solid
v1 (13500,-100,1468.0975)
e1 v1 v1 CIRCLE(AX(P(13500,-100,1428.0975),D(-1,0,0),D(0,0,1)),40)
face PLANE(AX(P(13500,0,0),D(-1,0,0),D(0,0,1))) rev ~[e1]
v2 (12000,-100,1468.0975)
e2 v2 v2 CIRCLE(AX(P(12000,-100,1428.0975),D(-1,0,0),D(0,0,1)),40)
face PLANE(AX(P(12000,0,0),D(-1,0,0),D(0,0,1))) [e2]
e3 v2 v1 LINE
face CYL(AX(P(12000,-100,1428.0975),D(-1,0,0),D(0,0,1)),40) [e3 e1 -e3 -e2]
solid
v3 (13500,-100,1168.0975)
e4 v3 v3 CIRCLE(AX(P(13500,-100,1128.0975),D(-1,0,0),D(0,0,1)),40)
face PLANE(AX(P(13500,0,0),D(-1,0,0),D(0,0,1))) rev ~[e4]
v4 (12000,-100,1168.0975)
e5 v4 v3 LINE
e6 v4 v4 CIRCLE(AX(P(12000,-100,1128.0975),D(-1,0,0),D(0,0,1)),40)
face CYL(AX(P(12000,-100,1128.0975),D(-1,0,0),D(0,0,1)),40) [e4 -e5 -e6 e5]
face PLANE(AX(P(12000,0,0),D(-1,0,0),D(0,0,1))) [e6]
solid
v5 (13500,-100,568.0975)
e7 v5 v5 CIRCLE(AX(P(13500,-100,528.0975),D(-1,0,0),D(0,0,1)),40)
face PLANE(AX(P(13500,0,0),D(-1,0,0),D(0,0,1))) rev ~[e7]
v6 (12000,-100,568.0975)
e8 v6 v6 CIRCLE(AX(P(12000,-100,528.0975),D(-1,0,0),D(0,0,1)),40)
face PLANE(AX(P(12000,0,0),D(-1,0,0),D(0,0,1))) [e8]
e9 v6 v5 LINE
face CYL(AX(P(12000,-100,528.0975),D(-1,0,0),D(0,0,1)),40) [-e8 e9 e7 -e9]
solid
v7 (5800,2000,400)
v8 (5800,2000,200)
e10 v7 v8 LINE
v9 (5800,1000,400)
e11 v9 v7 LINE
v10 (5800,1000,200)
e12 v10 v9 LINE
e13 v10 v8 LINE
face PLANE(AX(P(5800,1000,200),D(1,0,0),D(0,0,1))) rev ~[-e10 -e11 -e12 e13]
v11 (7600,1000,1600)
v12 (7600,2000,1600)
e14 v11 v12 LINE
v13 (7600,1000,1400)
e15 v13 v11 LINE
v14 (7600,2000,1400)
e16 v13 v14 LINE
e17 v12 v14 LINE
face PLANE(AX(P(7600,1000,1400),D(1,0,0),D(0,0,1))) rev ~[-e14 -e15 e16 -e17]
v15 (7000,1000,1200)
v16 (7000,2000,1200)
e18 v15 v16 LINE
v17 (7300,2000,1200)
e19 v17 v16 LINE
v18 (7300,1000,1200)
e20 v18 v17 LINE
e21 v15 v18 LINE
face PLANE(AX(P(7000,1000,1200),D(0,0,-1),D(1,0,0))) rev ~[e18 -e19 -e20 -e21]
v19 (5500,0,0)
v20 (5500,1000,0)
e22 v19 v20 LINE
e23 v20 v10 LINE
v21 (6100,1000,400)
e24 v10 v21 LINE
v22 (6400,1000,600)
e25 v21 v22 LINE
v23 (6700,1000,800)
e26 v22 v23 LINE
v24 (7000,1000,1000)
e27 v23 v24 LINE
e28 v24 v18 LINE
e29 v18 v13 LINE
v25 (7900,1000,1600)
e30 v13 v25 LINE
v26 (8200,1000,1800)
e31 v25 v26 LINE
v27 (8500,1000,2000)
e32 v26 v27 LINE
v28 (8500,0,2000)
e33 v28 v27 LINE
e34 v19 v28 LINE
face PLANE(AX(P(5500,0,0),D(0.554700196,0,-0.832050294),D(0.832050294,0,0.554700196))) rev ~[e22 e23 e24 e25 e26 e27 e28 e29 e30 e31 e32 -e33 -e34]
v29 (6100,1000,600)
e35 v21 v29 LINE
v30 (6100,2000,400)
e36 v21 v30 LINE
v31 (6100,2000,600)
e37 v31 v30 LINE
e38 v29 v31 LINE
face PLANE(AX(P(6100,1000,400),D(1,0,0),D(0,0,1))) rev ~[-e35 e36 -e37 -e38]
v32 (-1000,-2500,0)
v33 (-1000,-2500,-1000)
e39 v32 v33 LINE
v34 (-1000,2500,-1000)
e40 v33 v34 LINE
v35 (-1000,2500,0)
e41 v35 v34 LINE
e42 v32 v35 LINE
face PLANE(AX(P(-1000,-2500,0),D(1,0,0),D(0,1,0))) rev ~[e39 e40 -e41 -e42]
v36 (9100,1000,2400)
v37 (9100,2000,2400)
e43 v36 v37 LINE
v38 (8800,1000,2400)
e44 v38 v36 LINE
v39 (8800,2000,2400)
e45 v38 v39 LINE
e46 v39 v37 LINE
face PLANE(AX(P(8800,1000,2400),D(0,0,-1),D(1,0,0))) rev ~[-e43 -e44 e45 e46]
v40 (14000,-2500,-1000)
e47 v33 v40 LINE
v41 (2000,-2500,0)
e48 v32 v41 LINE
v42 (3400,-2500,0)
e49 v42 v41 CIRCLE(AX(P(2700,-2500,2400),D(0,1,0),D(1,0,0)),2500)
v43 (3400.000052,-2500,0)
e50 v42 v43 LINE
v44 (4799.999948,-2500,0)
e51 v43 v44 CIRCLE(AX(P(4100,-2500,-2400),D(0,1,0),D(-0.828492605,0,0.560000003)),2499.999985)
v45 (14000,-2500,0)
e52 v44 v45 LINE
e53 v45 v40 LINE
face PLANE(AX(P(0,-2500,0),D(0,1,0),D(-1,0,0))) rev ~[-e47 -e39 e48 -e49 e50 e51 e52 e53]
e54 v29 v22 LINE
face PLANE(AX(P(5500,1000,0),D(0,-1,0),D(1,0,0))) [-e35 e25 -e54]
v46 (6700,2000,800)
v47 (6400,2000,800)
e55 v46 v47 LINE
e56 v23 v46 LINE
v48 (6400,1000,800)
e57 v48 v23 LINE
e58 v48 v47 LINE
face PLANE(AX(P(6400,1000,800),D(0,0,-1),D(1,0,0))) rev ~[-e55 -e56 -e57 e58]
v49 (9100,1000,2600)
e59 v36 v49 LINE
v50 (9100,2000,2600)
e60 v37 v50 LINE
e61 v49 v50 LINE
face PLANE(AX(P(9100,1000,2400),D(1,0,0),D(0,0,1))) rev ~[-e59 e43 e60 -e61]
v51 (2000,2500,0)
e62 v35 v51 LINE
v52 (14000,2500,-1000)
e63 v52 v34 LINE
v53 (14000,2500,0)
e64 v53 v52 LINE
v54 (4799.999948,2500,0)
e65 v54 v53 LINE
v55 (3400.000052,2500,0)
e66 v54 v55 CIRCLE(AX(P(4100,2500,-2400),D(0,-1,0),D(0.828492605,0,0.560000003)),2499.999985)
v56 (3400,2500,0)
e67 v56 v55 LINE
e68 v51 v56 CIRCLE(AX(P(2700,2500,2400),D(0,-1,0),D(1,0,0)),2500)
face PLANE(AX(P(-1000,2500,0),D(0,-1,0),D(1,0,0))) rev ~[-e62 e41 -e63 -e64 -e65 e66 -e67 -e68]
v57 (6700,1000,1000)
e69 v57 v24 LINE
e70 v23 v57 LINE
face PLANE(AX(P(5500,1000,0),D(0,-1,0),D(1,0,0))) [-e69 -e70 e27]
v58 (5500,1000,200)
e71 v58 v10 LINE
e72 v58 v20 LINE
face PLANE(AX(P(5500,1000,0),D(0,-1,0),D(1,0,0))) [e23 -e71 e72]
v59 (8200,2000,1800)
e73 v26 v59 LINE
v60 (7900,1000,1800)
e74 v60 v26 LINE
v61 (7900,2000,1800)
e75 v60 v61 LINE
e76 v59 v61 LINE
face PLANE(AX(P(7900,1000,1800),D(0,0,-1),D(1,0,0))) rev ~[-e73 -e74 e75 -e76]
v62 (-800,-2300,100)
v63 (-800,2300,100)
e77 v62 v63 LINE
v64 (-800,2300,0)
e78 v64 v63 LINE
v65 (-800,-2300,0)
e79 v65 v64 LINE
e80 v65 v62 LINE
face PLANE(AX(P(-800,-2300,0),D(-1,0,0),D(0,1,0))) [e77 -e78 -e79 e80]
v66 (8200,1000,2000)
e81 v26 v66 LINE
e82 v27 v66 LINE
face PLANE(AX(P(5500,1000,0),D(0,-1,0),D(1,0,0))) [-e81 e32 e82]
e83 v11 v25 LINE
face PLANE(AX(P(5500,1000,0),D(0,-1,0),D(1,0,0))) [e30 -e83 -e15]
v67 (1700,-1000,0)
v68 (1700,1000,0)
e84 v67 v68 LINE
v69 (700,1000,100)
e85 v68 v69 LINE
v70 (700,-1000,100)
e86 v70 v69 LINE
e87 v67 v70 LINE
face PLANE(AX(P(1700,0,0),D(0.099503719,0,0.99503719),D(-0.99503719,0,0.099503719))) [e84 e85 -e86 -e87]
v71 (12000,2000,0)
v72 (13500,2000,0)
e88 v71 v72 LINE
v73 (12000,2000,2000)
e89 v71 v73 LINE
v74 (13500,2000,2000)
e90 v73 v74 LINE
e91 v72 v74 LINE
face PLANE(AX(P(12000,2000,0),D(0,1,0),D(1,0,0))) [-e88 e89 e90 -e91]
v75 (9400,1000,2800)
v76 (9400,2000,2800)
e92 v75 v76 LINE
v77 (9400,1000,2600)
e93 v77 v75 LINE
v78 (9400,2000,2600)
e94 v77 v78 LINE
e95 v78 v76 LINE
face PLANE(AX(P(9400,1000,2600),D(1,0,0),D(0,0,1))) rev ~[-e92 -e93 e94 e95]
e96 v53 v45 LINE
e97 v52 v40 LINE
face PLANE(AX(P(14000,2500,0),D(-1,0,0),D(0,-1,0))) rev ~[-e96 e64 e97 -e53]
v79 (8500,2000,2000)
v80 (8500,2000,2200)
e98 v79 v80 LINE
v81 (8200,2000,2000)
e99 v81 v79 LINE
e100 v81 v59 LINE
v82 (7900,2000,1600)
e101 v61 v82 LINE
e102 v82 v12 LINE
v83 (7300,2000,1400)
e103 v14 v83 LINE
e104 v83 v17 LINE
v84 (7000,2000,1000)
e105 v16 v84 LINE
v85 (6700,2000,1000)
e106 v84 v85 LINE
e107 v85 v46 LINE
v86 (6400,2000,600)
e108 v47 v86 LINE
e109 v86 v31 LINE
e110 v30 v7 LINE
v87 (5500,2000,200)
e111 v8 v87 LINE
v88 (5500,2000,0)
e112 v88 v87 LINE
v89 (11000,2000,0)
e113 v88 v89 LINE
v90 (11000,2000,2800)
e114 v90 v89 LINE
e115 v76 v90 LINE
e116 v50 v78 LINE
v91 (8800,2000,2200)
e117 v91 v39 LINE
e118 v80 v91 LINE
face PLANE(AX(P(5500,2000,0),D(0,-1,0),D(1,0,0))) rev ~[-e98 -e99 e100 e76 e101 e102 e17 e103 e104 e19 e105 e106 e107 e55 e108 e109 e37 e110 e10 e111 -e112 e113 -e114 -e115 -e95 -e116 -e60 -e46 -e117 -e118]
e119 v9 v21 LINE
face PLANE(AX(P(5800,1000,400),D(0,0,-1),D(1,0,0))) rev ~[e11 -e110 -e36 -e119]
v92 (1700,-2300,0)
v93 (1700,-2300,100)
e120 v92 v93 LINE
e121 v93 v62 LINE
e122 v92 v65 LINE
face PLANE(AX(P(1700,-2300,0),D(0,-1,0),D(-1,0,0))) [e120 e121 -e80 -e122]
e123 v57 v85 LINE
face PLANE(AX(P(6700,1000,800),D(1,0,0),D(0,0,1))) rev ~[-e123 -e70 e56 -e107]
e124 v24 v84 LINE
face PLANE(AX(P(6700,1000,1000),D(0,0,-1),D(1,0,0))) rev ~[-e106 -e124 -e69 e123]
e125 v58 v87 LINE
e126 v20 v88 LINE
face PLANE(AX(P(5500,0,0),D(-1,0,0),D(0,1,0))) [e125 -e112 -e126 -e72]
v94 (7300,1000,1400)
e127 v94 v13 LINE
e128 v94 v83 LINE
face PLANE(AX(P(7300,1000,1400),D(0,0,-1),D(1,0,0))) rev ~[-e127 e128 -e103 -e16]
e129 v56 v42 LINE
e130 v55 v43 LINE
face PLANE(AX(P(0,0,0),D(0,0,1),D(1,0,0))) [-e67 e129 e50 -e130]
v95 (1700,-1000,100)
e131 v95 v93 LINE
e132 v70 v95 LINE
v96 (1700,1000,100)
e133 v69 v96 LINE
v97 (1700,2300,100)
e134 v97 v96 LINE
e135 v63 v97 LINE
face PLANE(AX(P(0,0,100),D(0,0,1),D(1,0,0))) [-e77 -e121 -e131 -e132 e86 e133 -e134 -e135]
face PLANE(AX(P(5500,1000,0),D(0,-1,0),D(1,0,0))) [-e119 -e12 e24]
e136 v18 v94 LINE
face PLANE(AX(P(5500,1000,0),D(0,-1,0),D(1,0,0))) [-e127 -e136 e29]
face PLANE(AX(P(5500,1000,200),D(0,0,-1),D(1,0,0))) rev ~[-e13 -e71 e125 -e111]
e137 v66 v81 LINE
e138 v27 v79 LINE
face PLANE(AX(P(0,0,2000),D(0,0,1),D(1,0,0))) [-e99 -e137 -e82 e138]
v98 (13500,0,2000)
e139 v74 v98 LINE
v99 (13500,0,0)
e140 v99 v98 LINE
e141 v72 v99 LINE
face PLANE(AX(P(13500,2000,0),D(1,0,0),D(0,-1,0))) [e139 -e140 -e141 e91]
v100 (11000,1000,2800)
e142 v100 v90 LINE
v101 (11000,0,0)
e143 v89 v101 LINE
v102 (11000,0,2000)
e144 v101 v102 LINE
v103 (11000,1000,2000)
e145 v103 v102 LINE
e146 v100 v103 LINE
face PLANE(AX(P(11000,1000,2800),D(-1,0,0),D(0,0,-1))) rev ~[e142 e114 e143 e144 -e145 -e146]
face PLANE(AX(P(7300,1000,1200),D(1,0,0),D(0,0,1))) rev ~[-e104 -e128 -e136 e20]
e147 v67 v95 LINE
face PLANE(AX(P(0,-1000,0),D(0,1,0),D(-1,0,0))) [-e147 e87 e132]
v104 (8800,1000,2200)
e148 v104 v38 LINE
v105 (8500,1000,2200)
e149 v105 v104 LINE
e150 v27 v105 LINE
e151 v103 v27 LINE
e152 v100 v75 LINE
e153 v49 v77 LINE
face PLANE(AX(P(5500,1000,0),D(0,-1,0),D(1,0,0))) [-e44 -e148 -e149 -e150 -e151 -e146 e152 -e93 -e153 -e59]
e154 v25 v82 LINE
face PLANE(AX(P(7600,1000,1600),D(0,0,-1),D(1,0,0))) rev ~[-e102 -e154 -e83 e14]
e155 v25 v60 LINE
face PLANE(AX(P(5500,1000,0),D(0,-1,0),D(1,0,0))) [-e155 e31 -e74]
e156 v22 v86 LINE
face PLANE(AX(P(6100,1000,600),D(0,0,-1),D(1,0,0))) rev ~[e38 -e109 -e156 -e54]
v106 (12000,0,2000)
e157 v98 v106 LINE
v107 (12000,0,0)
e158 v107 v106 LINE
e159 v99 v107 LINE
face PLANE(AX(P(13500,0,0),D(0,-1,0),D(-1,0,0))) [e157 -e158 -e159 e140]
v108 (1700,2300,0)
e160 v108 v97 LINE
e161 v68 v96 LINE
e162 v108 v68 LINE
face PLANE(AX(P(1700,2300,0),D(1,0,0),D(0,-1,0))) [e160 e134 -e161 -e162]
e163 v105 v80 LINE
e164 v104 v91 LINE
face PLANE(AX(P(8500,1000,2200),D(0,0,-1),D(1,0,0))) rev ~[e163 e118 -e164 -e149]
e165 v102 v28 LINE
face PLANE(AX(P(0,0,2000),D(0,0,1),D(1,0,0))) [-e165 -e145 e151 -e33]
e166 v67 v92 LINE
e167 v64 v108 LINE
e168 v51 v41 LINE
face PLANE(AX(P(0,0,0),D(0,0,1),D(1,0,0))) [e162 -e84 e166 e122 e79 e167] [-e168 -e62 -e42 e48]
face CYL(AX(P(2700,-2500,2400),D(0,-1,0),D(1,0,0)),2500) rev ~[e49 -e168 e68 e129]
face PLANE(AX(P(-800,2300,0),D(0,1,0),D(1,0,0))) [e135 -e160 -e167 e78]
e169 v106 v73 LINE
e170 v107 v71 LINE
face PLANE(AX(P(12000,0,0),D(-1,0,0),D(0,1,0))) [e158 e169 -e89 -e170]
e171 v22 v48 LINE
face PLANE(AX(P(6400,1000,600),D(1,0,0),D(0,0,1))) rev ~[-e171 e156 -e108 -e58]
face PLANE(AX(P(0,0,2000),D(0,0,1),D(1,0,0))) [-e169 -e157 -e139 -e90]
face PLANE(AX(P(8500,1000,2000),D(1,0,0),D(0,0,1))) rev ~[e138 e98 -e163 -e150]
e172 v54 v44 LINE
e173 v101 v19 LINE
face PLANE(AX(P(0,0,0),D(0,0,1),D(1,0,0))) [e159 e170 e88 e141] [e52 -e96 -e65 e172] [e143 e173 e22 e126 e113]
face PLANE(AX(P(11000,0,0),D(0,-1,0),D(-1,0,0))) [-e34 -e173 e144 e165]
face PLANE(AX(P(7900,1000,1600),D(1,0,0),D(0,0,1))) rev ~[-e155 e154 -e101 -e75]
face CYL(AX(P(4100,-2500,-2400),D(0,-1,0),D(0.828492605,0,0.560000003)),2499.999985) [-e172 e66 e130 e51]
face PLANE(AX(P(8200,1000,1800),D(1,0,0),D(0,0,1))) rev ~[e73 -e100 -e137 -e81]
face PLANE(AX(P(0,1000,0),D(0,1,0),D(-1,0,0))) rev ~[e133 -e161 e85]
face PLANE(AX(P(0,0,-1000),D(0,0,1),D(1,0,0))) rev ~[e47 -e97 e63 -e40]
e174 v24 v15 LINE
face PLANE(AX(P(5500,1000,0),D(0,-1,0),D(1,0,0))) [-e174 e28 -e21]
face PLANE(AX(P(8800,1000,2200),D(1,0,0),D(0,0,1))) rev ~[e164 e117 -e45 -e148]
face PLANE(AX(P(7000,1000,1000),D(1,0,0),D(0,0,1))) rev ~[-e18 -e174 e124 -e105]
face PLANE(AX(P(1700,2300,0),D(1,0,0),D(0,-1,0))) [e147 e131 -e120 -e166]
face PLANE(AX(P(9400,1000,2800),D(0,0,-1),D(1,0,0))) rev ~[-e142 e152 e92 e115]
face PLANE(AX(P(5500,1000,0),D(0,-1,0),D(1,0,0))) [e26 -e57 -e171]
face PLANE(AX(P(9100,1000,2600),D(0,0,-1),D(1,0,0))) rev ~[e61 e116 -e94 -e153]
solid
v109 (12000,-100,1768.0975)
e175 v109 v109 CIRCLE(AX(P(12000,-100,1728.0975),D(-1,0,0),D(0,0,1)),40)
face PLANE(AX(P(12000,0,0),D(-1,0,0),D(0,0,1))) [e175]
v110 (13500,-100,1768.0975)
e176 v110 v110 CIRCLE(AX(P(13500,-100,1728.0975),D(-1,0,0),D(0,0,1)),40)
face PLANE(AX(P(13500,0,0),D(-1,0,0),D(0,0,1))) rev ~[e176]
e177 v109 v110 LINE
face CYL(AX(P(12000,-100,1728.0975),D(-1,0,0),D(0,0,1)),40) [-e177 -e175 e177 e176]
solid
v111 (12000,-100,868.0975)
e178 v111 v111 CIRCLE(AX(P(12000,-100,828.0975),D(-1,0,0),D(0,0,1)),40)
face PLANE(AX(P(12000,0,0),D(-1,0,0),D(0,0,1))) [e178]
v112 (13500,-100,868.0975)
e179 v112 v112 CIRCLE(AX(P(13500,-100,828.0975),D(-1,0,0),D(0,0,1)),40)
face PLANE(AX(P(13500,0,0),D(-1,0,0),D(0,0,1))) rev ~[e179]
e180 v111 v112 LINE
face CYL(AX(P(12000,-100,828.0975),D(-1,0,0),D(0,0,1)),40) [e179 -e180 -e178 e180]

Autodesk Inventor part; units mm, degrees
ref_plane "YZ Plane" through (0, 0, 0) normal (1, 0, 0) x (0, 1, 0)
ref_plane "XZ Plane" through (0, 0, 0) normal (0, 1, 0) x (-1, 0, 0)
ref_plane "XY Plane" through (0, 0, 0) normal (0, 0, 1) x (1, 0, 0)
sketch "スケッチ1" plane through (0, 0, 0) normal (0, 0, 1) x (1, 0, 0)
  line L0 (-1000, 2500) -> (14000, 2500)
  line L1 (14000, 2500) -> (14000, -2500)
  line L2 (14000, -2500) -> (-1000, -2500)
  line L3 (-1000, -2500) -> (-1000, 2500)
  line L4 (0, 3500) -> (0, -3500) projected
  point P0 (0, 0)
  point P1 (-1000, 0)
  dimension "d0" = 5000
  dimension "d1" = 1000
  dimension "d2" = 15000
extrude "押し出し1" add sketch "スケッチ1" against normal blind 1000
sketch "スケッチ2" plane through (0, 0, 0) normal (0, 0, 1) x (1, 0, 0)
  line L0 (12000, 2000) -> (13500, 2000)
  line L1 (13500, 2000) -> (13500, 0)
  line L2 (13500, 0) -> (12000, 0)
  line L3 (12000, 0) -> (12000, 2000)
  line L4 (14000, 2500) -> (-1000, 2500) projected
  line L5 (14000, -2500) -> (14000, 2500) projected
  point P0 (0, 0)
  dimension "d31" = 1500
  dimension "d32" = 2000
  dimension "d72" = 500
  dimension "d73" = 500
extrude "押し出し2" add sketch "スケッチ2" along normal blind 2000
sketch "スケッチ3" plane through (0, 0, 0) normal (0, 0, 1) x (1, 0, 0)
  line L0 (5500, 2000) -> (11000, 2000)
  line L1 (11000, 2000) -> (11000, 0)
  line L2 (11000, 0) -> (5500, 0)
  line L3 (5500, 0) -> (5500, 2000)
  line L4 (12000, 2000) -> (12000, 0) projected
  point P0 (0, 0)
  dimension "d28" = 1000
  dimension "d35" = 2000
  dimension "d71" = 5500
extrude "押し出し3" add sketch "スケッチ3" along normal blind 2000
sketch "スケッチ4" plane through (5500, 0, 0) normal (0, -1, 0) x (1, 0, 0)
  line L0 (0, 0) -> (3000, 2000)
  line L1 (3000, 2000) -> (0, 2000)
  line L2 (0, 2000) -> (0, 0)
  line L3 (0, 0) -> (0, 2000) projected
  line L4 (-6500, 0) -> (8500, 0) projected
  point P0 (-5500, 0)
  dimension "d23" = 3000
extrude "押し出し4" cut sketch "スケッチ4" against normal blind 1000
sketch "スケッチ5" plane through (12000, 0, 0) normal (-1, 0, 0) x (0, 0, 1)
  circle A0 centre (1728.0975, -100) radius 40
  circle A1 centre (1428.0975, -100) radius 40
  circle A2 centre (1128.0975, -100) radius 40
  circle A3 centre (828.0975, -100) radius 40
  circle A4 centre (528.0975, -100) radius 40
  line L0 (0, 0) -> (2000, 0) projected
  line L1 (0, 2500) -> (0, -2500) projected
  point P0 (0, 0)
  dimension "d11" = 80
  dimension "d12" = 80
  dimension "d13" = 80
  dimension "d14" = 80
  dimension "d15" = 80
  dimension "d16" = 300
  dimension "d17" = 300
  dimension "d18" = 300
  dimension "d19" = 300
  dimension "d20" = 100
  dimension "d82" = 528.0975
extrude "押し出し5" add sketch "スケッチ5" against normal blind 1500
sketch "スケッチ6" plane through (5500, 1000, 0) normal (0, -1, 0) x (1, 0, 0)
  line L0 (0, 0) -> (0, 2000) projected
  line L1 (0, 200) -> (300, 200)
  line L2 (300, 200) -> (300, 400)
  line L3 (300, 400) -> (600, 400)
  line L4 (600, 400) -> (600, 600)
  line L5 (600, 600) -> (900, 600)
  line L6 (900, 600) -> (900, 800)
  line L7 (900, 800) -> (1200, 800)
  line L8 (1200, 800) -> (1200, 1000)
  line L9 (1200, 1000) -> (1500, 1000)
  line L10 (1500, 1000) -> (1500, 1200)
  line L11 (1500, 1200) -> (1800, 1200)
  line L12 (1800, 1200) -> (1800, 1400)
  line L13 (1800, 1400) -> (2100, 1400)
  line L14 (2100, 1400) -> (2100, 1600)
  line L15 (2100, 1600) -> (2400, 1600)
  line L16 (2400, 1600) -> (2400, 1800)
  line L17 (2400, 1800) -> (2700, 1800)
  line L18 (2700, 1800) -> (2700, 2000)
  line L19 (2700, 2000) -> (0, 2000)
  line L20 (0, 2000) -> (0, 200)
  line L21 (-6500, 0) -> (8500, 0) projected
  point P0 (-5500, 0)
  dimension "d46" = 200
  dimension "d47" = 300
  dimension "d48" = 200
  dimension "d49" = 300
  dimension "d50" = 200
  dimension "d51" = 300
  dimension "d52" = 200
  dimension "d53" = 300
  dimension "d54" = 200
  dimension "d55" = 300
  dimension "d56" = 200
  dimension "d57" = 300
  dimension "d58" = 200
  dimension "d59" = 300
  dimension "d60" = 200
  dimension "d61" = 300
  dimension "d62" = 200
  dimension "d63" = 300
extrude "押し出し6" cut sketch "スケッチ6" against normal blind 1500
sketch "スケッチ7" plane through (0, 0, 0) normal (0, 0, 1) x (1, 0, 0)
  line L0 (-800, 2300) -> (1700, 2300)
  line L1 (1700, 2300) -> (1700, -2300)
  line L2 (1700, -2300) -> (-800, -2300)
  line L3 (-800, -2300) -> (-800, 2300)
  line L4 (-1000, 2500) -> (-1000, -2500) projected
  line L5 (14000, 2500) -> (-1000, 2500) projected
  line L6 (-1000, -2500) -> (14000, -2500) projected
  point P0 (0, 0)
  dimension "d74" = 200
  dimension "d75" = 200
  dimension "d76" = 200
  dimension "d77" = 2500
extrude "押し出し7" add sketch "スケッチ7" along normal blind 100
sketch "スケッチ8" plane through (5500, 1000, 0) normal (0, -1, 0) x (1, 0, 0)
  line L0 (3000, 2000) -> (3000, 2200)
  line L1 (3000, 2200) -> (3300, 2200)
  line L2 (3300, 2200) -> (3300, 2400)
  line L3 (3300, 2400) -> (3600, 2400)
  line L4 (3600, 2400) -> (3600, 2600)
  line L5 (3600, 2600) -> (3900, 2600)
  line L6 (3900, 2600) -> (3900, 2800)
  line L7 (3900, 2800) -> (4177.5018, 2800)
  line L8 (4177.5018, 2800) -> (5500, 2800)
  line L9 (5500, 2000) -> (2700, 2000) projected
  line L10 (5500, 2800) -> (5500, 2000)
  line L11 (5500, 2000) -> (3000, 2000)
  point P0 (-5500, 0)
  point P1 (3020.6908, 2000)
  dimension "d64" = 200
  dimension "d65" = 300
  dimension "d66" = 200
  dimension "d67" = 300
  dimension "d68" = 200
  dimension "d69" = 300
  dimension "d70" = 200
extrude "押し出し8" add sketch "スケッチ8" against normal blind 1000
sketch "スケッチ9" plane through (0, 0, 0) normal (0, 1, 0) x (-1, 0, 0)
  line L0 (-1700, 0) -> (-1700, 100) projected
  line L1 (-1700, 0) -> (-700, 100)
  line L2 (-700, 100) -> (-1700, 100)
  line L3 (-1700, 100) -> (-1700, 0)
  point P0 (0, 0)
  dimension "d78" = 1000
extrude "押し出し9" cut sketch "スケッチ9" along normal mid plane 2000
sketch "スケッチ11" plane through (-1000, -2500, 0) normal (0, -1, 0) x (1, 0, 0)
  circle A0 centre (3700, 2400) radius 2500
  line L0 (0, 0) -> (15000, 0) projected
  line L1 (2700, 0) -> (2700, 100) projected
  line L2 (4400, 0) -> (3000, 0)
  line L3 (3247.7684, -100) -> (4192.4958, -100) construction
  point P0 (1000, 0)
  dimension "d36" = 5000
  dimension "d38" = 2400
  dimension "d79" = 1000
  dimension "d80" = 1400
  dimension "d81" = 100
extrude "押し出し10" cut sketch "スケッチ11" against normal through all
sketch "スケッチ12" plane through (-1000, -2500, -1000) normal (0, -1, 0) x (1, 0, 0)
  arc A0 (7171.2315, 0) -> (3028.7685, 0) centre (5100, -1400) ccw
  arc A1 (3000, 1000) -> (4400, 1000) centre (3700, 3400) ccw projected
  line L0 (4400, 1000) -> (15000, 1000) projected
  line L1 (15000, 0) -> (0, 0) projected
  line L2 (7171.2315, 0) -> (3028.7685, 0)
  point P0 (1000, 1000)
  dimension "d42" = 5000
  dimension "d43" = 2400
extrude "押し出し11" add sketch "スケッチ12" against normal blind 5000
properties part number "Terrain2021"
